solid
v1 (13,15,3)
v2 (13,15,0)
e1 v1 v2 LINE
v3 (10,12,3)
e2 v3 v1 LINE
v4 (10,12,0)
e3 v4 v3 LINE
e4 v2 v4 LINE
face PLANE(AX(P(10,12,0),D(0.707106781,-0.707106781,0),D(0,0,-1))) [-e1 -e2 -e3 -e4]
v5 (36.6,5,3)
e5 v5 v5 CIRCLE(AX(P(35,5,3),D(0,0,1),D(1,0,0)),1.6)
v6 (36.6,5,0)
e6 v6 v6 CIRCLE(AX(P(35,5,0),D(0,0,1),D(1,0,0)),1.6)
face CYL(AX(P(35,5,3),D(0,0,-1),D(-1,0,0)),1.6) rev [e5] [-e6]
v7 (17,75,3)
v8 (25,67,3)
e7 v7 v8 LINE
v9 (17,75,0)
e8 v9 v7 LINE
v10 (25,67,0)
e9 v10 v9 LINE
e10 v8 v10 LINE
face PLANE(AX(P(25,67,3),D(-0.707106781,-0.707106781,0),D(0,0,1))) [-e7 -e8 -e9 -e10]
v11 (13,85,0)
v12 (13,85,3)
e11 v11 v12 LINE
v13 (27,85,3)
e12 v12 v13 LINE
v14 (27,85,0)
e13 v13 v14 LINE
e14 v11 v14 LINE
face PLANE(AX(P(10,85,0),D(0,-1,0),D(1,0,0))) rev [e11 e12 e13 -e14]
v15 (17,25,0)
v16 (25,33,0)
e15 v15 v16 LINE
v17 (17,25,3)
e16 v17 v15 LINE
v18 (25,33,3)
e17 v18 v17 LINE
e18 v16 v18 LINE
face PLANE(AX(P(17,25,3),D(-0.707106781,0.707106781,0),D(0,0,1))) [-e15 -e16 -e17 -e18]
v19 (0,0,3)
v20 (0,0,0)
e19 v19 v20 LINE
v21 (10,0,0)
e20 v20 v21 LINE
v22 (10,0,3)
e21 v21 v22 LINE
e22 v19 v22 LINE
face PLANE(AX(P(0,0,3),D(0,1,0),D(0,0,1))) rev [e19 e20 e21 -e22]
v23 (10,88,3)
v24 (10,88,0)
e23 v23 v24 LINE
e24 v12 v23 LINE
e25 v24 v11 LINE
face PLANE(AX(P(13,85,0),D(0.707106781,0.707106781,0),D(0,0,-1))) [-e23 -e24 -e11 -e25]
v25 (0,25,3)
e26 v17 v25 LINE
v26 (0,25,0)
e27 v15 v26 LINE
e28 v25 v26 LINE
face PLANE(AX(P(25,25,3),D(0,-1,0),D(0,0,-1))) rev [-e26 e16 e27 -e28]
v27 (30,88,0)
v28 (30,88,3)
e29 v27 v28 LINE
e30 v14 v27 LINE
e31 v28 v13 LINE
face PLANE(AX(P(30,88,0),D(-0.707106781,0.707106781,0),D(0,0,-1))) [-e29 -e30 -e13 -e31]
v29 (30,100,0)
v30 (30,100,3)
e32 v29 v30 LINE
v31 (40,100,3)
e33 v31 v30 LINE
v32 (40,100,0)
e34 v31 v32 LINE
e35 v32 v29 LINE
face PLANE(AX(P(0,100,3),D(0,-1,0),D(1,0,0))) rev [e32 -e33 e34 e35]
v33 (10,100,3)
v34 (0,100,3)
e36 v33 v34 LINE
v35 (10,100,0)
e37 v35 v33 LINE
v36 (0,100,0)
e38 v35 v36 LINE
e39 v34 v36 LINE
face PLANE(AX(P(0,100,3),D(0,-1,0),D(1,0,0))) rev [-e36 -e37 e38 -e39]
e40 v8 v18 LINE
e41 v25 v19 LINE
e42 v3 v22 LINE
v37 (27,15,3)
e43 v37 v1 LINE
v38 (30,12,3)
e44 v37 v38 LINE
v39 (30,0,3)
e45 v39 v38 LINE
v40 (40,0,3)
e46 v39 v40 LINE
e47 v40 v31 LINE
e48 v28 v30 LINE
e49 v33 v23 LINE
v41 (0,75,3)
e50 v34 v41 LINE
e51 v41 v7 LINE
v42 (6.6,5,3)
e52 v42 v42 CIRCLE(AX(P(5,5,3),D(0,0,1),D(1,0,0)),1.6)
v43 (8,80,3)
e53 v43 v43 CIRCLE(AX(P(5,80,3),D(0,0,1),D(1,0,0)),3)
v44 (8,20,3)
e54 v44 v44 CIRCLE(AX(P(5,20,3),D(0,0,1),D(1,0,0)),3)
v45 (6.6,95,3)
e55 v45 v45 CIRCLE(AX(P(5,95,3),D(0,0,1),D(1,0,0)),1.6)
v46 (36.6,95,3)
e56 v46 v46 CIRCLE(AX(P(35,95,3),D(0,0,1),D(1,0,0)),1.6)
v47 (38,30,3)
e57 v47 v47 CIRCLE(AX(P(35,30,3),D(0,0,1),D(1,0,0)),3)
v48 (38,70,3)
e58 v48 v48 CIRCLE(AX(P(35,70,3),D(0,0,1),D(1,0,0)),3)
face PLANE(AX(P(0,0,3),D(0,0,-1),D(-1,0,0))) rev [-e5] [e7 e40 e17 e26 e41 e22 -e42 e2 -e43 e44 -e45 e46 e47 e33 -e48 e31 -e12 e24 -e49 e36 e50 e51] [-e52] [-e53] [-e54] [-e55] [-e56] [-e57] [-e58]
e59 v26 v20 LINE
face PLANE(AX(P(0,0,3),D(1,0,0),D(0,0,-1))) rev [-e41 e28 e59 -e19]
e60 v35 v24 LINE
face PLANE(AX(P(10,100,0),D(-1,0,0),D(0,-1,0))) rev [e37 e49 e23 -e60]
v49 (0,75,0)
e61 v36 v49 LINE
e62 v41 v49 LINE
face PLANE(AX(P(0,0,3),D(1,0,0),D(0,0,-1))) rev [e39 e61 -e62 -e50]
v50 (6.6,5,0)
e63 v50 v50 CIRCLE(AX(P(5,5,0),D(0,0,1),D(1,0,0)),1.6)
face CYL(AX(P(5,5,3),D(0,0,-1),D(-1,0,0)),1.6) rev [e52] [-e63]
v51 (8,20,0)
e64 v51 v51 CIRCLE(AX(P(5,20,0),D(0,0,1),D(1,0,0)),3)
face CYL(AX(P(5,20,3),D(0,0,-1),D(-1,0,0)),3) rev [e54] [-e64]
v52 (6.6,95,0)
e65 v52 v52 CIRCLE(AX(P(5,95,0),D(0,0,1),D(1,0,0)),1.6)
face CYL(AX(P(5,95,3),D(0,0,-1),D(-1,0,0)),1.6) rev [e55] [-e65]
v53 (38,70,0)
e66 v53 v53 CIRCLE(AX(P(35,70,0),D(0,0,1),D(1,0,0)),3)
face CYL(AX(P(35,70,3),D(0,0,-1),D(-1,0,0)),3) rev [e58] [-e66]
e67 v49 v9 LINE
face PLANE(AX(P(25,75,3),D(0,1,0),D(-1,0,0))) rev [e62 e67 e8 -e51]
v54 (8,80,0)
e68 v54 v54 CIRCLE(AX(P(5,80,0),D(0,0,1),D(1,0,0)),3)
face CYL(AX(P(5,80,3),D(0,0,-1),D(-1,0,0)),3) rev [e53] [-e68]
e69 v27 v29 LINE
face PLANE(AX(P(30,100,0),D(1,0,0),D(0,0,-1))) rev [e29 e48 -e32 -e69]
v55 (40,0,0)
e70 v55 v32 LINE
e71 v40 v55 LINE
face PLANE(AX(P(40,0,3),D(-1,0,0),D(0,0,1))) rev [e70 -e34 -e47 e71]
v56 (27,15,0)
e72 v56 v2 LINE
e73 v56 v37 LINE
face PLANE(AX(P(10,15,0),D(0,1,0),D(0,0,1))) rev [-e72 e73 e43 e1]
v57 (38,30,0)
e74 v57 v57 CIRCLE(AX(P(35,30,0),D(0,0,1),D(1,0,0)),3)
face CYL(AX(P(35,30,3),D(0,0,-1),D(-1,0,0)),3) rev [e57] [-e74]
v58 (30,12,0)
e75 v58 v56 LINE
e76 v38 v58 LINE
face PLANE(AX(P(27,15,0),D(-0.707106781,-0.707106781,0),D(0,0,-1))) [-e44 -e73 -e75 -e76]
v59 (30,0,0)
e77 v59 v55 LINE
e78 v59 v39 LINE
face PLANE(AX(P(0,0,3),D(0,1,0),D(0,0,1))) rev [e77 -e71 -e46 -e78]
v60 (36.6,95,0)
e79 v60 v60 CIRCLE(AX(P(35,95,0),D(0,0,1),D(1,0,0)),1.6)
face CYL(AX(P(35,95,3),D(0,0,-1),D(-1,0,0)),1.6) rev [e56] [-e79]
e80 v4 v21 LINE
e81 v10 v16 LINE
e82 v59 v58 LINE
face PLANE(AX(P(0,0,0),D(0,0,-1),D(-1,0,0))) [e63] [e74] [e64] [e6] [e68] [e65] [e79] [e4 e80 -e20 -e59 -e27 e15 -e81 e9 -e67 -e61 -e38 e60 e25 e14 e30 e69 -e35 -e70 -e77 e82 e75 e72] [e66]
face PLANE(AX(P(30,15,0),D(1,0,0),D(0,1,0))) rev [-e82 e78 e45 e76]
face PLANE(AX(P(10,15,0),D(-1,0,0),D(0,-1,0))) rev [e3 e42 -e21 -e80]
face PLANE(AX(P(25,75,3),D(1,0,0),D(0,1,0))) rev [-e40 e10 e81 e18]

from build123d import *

# Parameters (mm, degrees)
SKETCH_1_W          = 40
SKETCH_1_H          = 100
SKETCH_1_R          = 1.6
SKETCH_1_R_2        = 3
EXTRUDE_1_DEPTH     = 3
SKETCH_2_W          = 20
SKETCH_2_H          = 15
CUT_EXTRUDE_1_DEPTH = 108.745069493
CHAMFER_1_SIZE      = 3
SKETCH_3_W          = 25
SKETCH_3_H          = 50
CUT_EXTRUDE_2_DEPTH = 108.745069493
CHAMFER_2_SIZE      = 8


with BuildPart() as part:
    # ｽｹｯﾁ1 → ﾎﾞｽ - 押し出し1 (new body)
    with BuildSketch(Plane.XY):
        with Locations((20, 50)):
            Rectangle(SKETCH_1_W, SKETCH_1_H)
        with Locations((5, 95)):
            Circle(SKETCH_1_R, mode=Mode.SUBTRACT)
        with Locations((35, 95)):
            Circle(SKETCH_1_R, mode=Mode.SUBTRACT)
        with Locations((5, 80)):
            Circle(SKETCH_1_R_2, mode=Mode.SUBTRACT)
        with Locations((35, 70)):
            Circle(SKETCH_1_R_2, mode=Mode.SUBTRACT)
        with Locations((5, 20)):
            Circle(SKETCH_1_R_2, mode=Mode.SUBTRACT)
        with Locations((35, 30)):
            Circle(SKETCH_1_R_2, mode=Mode.SUBTRACT)
        with Locations((5, 5)):
            Circle(SKETCH_1_R, mode=Mode.SUBTRACT)
        with Locations((35, 5)):
            Circle(SKETCH_1_R, mode=Mode.SUBTRACT)
    extrude(amount=EXTRUDE_1_DEPTH)

    # ｽｹｯﾁ2 → ｶｯﾄ - 押し出し1 (cut, through all)
    with BuildSketch(Plane.XY.offset(3)):
        with Locations((20, 92.5)):
            Rectangle(SKETCH_2_W, SKETCH_2_H)
        with Locations((20, 7.5)):
            Rectangle(SKETCH_2_W, SKETCH_2_H)
    extrude(amount=-CUT_EXTRUDE_1_DEPTH, mode=Mode.SUBTRACT)

    # 面取り1
    chamfer_1_edges = [part.edges().sort_by_distance(p)[0] for p in [
        (10, 85, 1.5),
        (30, 85, 1.5),
        (10, 15, 1.5),
        (30, 15, 1.5),
    ]]
    chamfer(chamfer_1_edges, length=CHAMFER_1_SIZE)

    # ｽｹｯﾁ3 → ｶｯﾄ - 押し出し2 (cut, through all)
    with BuildSketch(Plane(origin=(0, 0, 0), x_dir=(-1, 0, 0), z_dir=(0, 0, -1))):
        with Locations((-12.5, 50)):
            Rectangle(SKETCH_3_W, SKETCH_3_H)
    extrude(amount=-CUT_EXTRUDE_2_DEPTH, mode=Mode.SUBTRACT)

    # 面取り2
    chamfer_2_edges = [part.edges().sort_by_distance(p)[0] for p in [
        (25, 25, 1.5),
        (25, 75, 1.5),
    ]]
    chamfer(chamfer_2_edges, length=CHAMFER_2_SIZE)


solid = part.part
